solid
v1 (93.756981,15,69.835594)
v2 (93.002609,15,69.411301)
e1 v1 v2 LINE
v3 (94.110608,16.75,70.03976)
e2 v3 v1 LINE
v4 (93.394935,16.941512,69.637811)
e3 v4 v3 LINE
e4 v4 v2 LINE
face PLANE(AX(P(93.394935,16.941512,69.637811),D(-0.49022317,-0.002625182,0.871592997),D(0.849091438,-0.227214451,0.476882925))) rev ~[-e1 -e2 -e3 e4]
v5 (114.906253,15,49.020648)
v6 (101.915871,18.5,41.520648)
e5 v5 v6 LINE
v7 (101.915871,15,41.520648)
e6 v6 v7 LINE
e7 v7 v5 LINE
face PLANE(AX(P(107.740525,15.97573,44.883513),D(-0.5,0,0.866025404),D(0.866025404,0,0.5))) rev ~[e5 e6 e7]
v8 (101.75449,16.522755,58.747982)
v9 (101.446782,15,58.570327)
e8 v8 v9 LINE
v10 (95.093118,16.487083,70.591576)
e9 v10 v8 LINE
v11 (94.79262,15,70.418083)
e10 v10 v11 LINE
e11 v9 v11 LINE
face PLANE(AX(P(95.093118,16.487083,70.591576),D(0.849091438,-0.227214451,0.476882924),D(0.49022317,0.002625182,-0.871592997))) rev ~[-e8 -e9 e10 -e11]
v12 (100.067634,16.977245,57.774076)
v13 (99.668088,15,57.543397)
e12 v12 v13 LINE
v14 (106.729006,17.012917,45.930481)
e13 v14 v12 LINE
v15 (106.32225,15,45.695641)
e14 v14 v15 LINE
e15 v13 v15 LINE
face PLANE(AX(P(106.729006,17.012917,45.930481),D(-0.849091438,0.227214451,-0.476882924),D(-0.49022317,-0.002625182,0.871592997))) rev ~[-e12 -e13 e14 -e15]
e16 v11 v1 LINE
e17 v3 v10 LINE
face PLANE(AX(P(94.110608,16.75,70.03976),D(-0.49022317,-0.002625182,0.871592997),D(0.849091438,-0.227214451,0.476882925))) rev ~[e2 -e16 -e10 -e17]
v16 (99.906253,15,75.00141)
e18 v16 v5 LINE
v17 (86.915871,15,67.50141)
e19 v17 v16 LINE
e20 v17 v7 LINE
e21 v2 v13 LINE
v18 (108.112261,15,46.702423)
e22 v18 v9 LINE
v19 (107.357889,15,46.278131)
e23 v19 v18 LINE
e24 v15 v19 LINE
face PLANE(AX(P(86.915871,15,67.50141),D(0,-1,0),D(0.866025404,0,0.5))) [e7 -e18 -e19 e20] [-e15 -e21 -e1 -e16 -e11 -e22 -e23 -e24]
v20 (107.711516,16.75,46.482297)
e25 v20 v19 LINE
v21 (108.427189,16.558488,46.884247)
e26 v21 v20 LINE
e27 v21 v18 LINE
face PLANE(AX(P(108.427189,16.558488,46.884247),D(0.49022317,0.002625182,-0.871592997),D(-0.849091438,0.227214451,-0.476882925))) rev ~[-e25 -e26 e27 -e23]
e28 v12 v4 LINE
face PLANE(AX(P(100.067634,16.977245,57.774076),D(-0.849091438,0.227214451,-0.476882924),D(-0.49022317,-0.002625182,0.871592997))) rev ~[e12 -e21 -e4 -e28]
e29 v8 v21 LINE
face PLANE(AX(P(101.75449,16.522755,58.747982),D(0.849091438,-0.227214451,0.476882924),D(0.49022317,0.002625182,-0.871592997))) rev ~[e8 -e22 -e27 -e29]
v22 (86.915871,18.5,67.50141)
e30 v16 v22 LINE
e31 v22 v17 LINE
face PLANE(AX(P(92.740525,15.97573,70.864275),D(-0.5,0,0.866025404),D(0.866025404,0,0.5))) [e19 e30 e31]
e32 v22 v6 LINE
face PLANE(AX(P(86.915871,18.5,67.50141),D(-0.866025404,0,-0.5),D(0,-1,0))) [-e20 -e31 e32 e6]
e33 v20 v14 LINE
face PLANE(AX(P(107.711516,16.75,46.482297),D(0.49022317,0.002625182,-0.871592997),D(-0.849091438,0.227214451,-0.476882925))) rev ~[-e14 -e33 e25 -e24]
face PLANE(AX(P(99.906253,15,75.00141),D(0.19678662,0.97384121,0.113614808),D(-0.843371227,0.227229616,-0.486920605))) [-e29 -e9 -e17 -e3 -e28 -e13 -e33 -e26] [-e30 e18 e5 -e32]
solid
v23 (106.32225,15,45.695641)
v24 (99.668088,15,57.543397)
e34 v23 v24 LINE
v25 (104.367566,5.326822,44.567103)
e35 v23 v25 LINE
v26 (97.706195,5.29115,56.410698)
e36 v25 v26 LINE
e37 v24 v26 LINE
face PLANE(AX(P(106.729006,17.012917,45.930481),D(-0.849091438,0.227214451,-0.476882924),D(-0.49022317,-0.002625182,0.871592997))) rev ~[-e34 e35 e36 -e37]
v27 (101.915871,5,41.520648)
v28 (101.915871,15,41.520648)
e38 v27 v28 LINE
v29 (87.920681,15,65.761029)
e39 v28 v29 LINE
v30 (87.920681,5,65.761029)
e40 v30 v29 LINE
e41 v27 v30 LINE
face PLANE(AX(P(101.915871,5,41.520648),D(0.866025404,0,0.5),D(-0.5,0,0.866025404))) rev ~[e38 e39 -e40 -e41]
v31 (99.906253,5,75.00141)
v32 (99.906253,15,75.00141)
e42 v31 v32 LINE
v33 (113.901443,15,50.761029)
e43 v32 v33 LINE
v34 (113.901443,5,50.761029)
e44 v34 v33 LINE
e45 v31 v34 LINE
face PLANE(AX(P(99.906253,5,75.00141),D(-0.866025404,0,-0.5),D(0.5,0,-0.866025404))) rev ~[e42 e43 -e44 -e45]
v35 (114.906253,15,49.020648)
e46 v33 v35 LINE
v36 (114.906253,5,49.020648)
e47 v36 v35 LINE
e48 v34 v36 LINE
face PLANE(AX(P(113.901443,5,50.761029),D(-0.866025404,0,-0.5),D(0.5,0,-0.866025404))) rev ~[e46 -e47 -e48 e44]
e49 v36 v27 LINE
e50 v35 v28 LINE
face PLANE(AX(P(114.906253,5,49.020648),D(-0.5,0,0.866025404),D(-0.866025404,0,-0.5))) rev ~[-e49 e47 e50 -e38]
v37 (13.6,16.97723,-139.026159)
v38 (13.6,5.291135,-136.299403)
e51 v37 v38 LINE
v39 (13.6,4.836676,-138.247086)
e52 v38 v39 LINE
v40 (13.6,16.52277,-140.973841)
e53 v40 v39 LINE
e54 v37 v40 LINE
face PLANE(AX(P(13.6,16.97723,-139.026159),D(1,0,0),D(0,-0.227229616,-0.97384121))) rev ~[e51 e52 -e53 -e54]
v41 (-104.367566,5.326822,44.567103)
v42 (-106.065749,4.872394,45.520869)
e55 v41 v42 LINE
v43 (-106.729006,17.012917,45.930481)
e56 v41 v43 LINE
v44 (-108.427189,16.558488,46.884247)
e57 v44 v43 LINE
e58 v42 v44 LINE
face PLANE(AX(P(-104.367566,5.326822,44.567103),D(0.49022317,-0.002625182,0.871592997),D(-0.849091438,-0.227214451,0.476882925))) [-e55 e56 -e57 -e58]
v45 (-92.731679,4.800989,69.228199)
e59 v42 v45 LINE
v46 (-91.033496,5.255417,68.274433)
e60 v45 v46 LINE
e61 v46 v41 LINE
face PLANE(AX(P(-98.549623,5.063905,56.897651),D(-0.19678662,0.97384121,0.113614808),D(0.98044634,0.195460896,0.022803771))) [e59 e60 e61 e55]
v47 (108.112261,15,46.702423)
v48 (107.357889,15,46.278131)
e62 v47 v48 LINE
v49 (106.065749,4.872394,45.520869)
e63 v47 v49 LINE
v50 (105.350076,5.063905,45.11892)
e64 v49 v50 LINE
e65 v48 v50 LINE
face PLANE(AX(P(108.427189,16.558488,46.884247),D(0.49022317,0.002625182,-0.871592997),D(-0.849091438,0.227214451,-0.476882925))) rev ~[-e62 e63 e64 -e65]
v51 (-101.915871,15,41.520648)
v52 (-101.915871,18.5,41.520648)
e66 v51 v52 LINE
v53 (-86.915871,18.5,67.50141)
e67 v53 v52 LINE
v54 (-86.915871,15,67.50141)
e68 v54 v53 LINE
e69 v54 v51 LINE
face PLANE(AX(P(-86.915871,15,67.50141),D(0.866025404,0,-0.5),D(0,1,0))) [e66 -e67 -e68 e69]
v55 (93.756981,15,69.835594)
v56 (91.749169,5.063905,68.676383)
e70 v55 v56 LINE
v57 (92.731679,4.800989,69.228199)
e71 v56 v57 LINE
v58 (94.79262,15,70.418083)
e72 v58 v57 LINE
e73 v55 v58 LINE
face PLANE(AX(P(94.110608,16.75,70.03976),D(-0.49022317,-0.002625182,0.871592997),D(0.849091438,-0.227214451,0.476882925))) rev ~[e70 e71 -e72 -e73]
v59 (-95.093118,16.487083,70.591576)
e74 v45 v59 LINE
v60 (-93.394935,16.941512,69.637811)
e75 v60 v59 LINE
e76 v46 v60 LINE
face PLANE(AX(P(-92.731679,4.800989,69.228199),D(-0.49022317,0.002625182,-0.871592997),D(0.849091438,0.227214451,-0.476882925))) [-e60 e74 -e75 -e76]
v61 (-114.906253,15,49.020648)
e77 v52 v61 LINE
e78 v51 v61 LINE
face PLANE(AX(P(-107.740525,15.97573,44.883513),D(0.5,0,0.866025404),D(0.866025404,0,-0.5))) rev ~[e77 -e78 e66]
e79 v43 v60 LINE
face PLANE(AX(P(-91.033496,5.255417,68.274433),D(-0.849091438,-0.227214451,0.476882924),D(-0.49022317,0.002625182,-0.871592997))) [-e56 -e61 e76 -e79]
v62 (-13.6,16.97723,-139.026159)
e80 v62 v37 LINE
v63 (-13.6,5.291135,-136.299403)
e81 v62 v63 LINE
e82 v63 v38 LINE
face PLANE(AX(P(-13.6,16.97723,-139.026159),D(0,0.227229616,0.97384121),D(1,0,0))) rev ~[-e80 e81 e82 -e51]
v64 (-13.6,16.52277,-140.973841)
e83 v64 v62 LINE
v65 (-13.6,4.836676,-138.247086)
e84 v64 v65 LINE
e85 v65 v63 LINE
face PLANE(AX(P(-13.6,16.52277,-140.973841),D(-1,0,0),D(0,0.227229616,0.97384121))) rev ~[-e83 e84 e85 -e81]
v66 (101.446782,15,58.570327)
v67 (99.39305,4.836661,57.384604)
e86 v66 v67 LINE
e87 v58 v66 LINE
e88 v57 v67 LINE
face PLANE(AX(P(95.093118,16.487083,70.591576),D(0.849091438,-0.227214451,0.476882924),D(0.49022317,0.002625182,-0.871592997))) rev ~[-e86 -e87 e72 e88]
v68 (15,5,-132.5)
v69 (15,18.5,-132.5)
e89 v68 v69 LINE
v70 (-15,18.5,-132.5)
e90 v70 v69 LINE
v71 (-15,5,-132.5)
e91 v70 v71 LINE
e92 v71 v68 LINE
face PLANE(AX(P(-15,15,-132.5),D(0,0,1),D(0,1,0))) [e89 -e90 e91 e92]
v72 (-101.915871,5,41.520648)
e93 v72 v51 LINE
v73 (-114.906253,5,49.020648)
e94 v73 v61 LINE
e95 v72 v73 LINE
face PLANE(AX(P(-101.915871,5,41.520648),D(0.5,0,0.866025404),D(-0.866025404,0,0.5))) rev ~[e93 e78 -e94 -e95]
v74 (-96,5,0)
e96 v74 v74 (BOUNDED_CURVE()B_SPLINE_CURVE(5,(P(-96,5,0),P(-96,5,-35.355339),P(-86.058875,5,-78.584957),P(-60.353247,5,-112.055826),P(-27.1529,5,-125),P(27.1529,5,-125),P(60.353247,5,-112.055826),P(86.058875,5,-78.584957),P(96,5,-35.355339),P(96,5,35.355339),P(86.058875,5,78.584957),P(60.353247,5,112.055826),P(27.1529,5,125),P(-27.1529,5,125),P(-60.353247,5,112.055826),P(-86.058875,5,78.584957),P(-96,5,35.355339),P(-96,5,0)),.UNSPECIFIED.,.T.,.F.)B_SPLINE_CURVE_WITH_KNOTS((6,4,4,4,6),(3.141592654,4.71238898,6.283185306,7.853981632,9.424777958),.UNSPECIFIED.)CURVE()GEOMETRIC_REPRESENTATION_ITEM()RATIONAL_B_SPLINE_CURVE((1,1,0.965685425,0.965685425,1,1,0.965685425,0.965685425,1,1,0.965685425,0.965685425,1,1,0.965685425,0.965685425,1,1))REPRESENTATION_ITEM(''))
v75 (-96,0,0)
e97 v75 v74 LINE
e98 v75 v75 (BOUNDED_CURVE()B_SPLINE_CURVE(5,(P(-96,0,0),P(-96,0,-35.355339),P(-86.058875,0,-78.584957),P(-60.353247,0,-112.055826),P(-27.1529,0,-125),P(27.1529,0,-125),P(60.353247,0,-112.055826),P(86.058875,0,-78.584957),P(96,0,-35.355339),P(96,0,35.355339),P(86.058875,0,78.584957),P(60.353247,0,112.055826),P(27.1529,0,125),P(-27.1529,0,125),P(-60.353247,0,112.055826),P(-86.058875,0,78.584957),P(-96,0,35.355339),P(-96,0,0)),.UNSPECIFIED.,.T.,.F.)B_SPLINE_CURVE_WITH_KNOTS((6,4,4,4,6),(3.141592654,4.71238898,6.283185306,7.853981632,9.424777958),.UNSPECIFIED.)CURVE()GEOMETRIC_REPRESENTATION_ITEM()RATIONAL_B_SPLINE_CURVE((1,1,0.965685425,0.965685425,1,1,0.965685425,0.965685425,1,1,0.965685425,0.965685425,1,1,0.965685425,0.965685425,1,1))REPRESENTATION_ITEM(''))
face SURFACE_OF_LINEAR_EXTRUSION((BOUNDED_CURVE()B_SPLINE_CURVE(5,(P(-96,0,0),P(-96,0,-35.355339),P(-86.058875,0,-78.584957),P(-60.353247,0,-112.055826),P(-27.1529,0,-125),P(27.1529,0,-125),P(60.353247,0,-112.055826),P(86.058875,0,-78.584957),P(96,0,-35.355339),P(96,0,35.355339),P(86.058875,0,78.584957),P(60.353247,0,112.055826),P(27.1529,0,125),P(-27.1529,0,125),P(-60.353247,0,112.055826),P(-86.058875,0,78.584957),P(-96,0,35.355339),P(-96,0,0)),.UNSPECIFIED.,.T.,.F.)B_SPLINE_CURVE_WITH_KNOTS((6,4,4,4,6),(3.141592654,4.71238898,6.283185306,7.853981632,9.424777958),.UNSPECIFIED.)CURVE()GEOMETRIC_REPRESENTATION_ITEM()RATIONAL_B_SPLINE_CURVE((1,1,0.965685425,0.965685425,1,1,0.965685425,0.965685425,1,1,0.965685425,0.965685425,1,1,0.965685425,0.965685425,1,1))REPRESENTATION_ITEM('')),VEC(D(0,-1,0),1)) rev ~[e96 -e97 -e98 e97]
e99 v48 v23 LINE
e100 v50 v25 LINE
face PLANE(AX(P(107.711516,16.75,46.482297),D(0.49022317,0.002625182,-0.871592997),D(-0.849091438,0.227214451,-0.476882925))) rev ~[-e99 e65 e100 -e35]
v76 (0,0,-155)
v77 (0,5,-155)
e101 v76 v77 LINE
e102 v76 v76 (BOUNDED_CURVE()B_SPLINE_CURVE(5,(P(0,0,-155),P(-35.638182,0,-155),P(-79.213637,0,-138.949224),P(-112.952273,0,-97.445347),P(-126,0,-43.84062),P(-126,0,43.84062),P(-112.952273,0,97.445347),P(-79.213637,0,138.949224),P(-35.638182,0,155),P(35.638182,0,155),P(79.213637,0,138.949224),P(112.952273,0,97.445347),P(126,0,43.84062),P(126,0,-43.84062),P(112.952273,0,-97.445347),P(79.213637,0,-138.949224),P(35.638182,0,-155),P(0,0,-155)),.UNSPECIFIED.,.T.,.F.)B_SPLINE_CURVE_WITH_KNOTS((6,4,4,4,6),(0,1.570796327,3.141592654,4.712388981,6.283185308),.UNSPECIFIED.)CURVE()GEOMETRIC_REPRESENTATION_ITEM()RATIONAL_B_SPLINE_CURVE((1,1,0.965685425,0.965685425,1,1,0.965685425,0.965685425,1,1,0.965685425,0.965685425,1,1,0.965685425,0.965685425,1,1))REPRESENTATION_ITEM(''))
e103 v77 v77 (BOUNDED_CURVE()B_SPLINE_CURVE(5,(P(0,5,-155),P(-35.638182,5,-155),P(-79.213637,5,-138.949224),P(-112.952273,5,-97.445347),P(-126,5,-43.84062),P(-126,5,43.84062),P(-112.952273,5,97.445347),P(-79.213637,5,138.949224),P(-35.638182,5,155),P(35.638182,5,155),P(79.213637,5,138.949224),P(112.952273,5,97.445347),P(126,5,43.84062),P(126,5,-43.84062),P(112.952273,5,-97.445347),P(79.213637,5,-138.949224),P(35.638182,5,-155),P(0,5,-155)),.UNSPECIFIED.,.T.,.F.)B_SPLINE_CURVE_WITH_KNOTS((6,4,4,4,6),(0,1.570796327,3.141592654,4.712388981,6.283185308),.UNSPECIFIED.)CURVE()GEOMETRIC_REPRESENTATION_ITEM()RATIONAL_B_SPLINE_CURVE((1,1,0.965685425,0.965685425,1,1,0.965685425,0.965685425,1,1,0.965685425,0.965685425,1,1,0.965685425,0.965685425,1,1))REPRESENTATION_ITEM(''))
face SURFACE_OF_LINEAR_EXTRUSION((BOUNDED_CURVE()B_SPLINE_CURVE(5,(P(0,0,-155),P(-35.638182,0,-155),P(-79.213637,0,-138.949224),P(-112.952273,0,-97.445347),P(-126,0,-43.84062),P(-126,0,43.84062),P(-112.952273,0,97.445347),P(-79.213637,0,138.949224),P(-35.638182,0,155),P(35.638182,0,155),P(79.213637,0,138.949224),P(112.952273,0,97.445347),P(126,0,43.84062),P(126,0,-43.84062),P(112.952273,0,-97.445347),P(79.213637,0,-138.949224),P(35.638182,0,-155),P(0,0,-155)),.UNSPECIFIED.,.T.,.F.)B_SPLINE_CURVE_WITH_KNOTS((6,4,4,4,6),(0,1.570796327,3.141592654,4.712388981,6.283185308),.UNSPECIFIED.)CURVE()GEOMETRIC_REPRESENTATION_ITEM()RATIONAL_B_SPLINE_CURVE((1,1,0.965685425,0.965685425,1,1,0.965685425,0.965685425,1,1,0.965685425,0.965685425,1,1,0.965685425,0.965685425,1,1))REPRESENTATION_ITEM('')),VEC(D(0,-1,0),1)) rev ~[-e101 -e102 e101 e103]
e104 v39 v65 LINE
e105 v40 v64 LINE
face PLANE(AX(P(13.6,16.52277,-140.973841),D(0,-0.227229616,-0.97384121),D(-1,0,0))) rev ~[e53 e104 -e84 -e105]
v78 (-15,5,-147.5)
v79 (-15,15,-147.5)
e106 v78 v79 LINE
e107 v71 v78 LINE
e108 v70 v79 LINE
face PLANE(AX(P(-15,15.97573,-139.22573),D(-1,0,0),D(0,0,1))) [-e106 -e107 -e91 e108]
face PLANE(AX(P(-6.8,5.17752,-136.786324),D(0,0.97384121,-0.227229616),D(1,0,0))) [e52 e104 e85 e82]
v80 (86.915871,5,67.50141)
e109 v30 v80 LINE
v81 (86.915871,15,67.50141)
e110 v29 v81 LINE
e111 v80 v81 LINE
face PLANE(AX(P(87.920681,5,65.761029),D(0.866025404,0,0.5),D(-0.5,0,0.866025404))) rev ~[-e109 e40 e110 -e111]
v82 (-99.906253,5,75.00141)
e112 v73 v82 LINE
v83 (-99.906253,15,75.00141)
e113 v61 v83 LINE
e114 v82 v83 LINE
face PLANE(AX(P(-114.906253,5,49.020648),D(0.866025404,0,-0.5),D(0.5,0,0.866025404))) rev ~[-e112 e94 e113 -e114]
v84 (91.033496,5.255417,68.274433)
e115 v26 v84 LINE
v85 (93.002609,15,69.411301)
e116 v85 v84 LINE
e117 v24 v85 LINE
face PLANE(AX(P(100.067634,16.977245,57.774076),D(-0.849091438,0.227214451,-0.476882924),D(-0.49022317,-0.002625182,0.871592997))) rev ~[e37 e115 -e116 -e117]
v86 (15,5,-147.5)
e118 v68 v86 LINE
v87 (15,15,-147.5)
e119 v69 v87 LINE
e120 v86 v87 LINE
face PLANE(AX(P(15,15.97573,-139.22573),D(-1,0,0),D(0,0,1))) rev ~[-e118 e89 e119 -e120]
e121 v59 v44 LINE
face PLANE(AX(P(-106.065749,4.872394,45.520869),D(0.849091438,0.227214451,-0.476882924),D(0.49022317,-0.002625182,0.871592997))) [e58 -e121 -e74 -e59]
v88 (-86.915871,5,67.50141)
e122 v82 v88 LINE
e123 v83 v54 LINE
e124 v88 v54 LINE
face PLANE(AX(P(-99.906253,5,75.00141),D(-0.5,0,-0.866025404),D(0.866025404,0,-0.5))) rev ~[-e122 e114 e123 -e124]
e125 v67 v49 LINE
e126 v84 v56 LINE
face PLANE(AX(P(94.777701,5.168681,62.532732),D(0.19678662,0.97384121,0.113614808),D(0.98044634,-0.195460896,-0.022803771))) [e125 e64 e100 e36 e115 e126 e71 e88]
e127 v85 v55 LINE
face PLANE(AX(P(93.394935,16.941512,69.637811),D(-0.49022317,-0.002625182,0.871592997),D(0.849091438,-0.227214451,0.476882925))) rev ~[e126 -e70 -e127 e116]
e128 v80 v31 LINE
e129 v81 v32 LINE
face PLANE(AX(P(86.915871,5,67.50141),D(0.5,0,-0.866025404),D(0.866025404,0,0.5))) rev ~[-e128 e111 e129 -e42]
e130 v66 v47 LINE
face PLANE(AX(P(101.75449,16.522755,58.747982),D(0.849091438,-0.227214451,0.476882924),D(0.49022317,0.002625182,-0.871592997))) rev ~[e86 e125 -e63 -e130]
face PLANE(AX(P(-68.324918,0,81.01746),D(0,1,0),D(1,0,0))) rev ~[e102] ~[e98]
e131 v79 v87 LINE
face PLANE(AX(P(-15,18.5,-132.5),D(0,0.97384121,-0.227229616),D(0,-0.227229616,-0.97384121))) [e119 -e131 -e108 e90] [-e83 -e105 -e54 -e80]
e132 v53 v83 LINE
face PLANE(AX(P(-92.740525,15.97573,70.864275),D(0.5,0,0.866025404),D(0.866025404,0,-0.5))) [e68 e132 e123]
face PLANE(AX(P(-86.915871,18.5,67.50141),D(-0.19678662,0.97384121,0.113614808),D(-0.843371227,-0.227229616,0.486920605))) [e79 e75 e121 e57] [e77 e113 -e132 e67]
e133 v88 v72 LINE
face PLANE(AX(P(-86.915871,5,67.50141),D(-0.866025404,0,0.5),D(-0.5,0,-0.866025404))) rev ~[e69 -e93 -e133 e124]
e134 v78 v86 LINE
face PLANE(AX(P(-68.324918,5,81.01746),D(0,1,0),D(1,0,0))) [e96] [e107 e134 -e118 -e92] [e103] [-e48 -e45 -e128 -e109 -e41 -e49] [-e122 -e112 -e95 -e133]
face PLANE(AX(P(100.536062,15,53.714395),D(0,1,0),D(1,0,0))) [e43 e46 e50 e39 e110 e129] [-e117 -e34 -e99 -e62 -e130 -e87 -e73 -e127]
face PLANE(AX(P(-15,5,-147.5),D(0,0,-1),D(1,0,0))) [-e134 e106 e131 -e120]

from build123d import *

# Parameters (mm, degrees)
BOSS_EXTRUDE1_DEPTH     = 5
SKETCH2_W               = 30
SKETCH2_H               = 15
BOSS_EXTRUDE2_DEPTH     = 10
BOSS_EXTRUDE3_DEPTH     = 30
SKETCH6_W               = 13.6
SKETCH6_H               = 1
CUT_EXTRUDE2_DEPTH      = 12
BOSS_EXTRUDE4_DEPTH     = 10
BOSS_EXTRUDE5_DEPTH     = 30
CUT_EXTRUDE3_DEPTH      = 12
BOSS_EXTRUDE6_DEPTH     = 10
BOSS_EXTRUDE7_DEPTH     = 30
CUT_EXTRUDE4_DEPTH      = 213.980952646
CUT_EXTRUDE4_DEPTH_BACK = 12


with BuildPart() as part:
    # Sketch1 → Boss-Extrude1 (new body)
    with BuildSketch(Plane(origin=(0, 0, 0), x_dir=(1, 0, 0), z_dir=(0, 1, 0))):
        with BuildLine():
            Line((0, -155), (0, -125))
            add(Edge.make_bspline(
                [(-96, 0), (-96, -125), (0, -125)],
                knots=[4.71238898, 4.71238898, 4.71238898, 6.283185307, 6.283185307, 6.283185307], degree=2, weights=[1, 0.707106781, 1]))
            Line((-96, 0), (-126, 0))
            add(Edge.make_bspline(
                [(-126, 0), (-126, -155), (0, -155)],
                knots=[1.570796327, 1.570796327, 1.570796327, 3.141592654, 3.141592654, 3.141592654], degree=2, weights=[1, 0.707106781, 1]))
        make_face()
        with BuildLine():
            add(Edge.make_bspline(
                [(0, -125), (96, -125), (96, 0)],
                knots=[0, 0, 0, 1.570796327, 1.570796327, 1.570796327], degree=2, weights=[1, 0.707106781, 1]))
            Line((0, -125), (0, -155))
            add(Edge.make_bspline(
                [(0, -155), (126, -155), (126, 0)],
                knots=[3.141592654, 3.141592654, 3.141592654, 4.71238898, 4.71238898, 4.71238898], degree=2, weights=[1, 0.707106781, 1]))
            Line((126, 0), (96, 0))
        make_face()
        with BuildLine():
            Line((0, 155), (0, 125))
            add(Edge.make_bspline(
                [(96, 0), (96, 125), (0, 125)],
                knots=[1.570796327, 1.570796327, 1.570796327, 3.141592654, 3.141592654, 3.141592654], degree=2, weights=[1, 0.707106781, 1]))
            Line((96, 0), (126, 0))
            add(Edge.make_bspline(
                [(126, 0), (126, 155), (0, 155)],
                knots=[4.71238898, 4.71238898, 4.71238898, 6.283185307, 6.283185307, 6.283185307], degree=2, weights=[1, 0.707106781, 1]))
        make_face()
        with BuildLine():
            add(Edge.make_bspline(
                [(0, 125), (-96, 125), (-96, 0)],
                knots=[3.141592654, 3.141592654, 3.141592654, 4.71238898, 4.71238898, 4.71238898], degree=2, weights=[1, 0.707106781, 1]))
            Line((0, 125), (0, 155))
            add(Edge.make_bspline(
                [(0, 155), (-126, 155), (-126, 0)],
                knots=[0, 0, 0, 1.570796327, 1.570796327, 1.570796327], degree=2, weights=[1, 0.707106781, 1]))
            Line((-126, 0), (-96, 0))
        make_face()
    extrude(amount=BOSS_EXTRUDE1_DEPTH)

    # Sketch2 → Boss-Extrude2 (add)
    with BuildSketch(Plane(origin=(0, 5, 0), x_dir=(1, 0, 0), z_dir=(0, 1, 0))):
        with Locations((0, 140)):
            Rectangle(SKETCH2_W, SKETCH2_H)
    extrude(amount=BOSS_EXTRUDE2_DEPTH)

    # Sketch5 → Boss-Extrude3 (add)
    with BuildSketch(Plane.ZY.offset(15)):
        Polygon((-147.5, 15), (-132.5, 15), (-132.5, 18.5), align=None)
    extrude(amount=-BOSS_EXTRUDE3_DEPTH)

    # Sketch6 → Cut-Extrude2 (cut)
    with BuildSketch(Plane(origin=(0, 46.86512118, -10.935194942), x_dir=(1, 0, 0), z_dir=(0, 0.9738412097417932, -0.22722961560641866))):
        with Locations((-6.8, 132.031673302)):
            Rectangle(SKETCH6_W, SKETCH6_H)
        with Locations((-6.8, 133.031673302)):
            Rectangle(SKETCH6_W, SKETCH6_H)
        with Locations((6.8, 132.031673302)):
            Rectangle(SKETCH6_W, SKETCH6_H)
        with Locations((6.8, 133.031673302)):
            Rectangle(SKETCH6_W, SKETCH6_H)
    extrude(amount=-CUT_EXTRUDE2_DEPTH, mode=Mode.SUBTRACT)

    # Sketch8 → Boss-Extrude4 (add)
    with BuildSketch(Plane(origin=(0, 5, 0), x_dir=(1, 0, 0), z_dir=(0, 1, 0))):
        Polygon((87.920680945, -65.761028811), (113.901443058, -50.761028811), (114.90625253, -49.020647754), (101.915871473, -41.520647754), align=None)
        Polygon((99.90625253, -75.001409868), (113.901443058, -50.761028811), (87.920680945, -65.761028811), (86.915871473, -67.501409868), align=None)
    extrude(amount=BOSS_EXTRUDE4_DEPTH)


with BuildPart() as body_2:
    # Sketch9 → Boss-Extrude5 (new body)
    with BuildSketch(Plane(origin=(-7.5, 0, 12.990381057), x_dir=(0.8660254037844436, 0, 0.49999999999999156), z_dir=(-0.4999999999999915, 0, 0.8660254037844435))):
        Polygon((109.022057622, 15), (124.022057622, 15), (109.022057622, 18.5), align=None)
    extrude(amount=-BOSS_EXTRUDE5_DEPTH)


with BuildPart() as cut_extrude3_tool:
    # Sketch11 → Cut-Extrude3 (new body)
    with BuildSketch(Plane(origin=(8.420322862, 41.669791465, 4.861475671), x_dir=(0.9804463403692827, -0.19546089552154577, -0.022803771144179908), z_dir=(0.19678661960733193, 0.9738412097417933, 0.11361480780320707))):
        Polygon((94.335340275, -55.927530645), (93.475091752, -55.417524793), (86.669314871, -67.205476137), (87.399260686, -67.62691055), align=None)
        Polygon((100.269314871, -43.649585154), (93.475091752, -55.417524793), (94.335340275, -55.927530645), (101.271419863, -44.228150741), align=None)
        Polygon((101.271419863, -44.228150741), (94.335340275, -55.927530645), (95.195588797, -56.437536498), (102.001365678, -44.649585154), align=None)
        Polygon((95.195588797, -56.437536498), (94.335340275, -55.927530645), (87.399260686, -67.62691055), (88.401365678, -68.205476137), align=None)
    extrude(amount=-CUT_EXTRUDE3_DEPTH)


with BuildPart() as part_1:
    add(part.part)

    # Cut-Extrude3: cut by cut_extrude3_tool
    add(cut_extrude3_tool.part, mode=Mode.SUBTRACT)

    # Sketch12 → Boss-Extrude6 (add)
    with BuildSketch(Plane(origin=(0, 5, 0), x_dir=(1, 0, 0), z_dir=(0, 1, 0))):
        Polygon((-107.40625253, -62.011028811), (-94.415871473, -54.511028811), (-101.915871473, -41.520647754), (-114.90625253, -49.020647754), align=None)
        Polygon((-86.915871473, -67.501409868), (-94.415871473, -54.511028811), (-107.40625253, -62.011028811), (-99.90625253, -75.001409868), align=None)
    extrude(amount=BOSS_EXTRUDE6_DEPTH)

    # Sketch13 → Boss-Extrude7 (add)
    with BuildSketch(Plane(origin=(7.5, 0, 12.990381057), x_dir=(0.8660254037844365, 0, -0.5000000000000039), z_dir=(0.5000000000000038, 0, 0.8660254037844364))):
        Polygon((-124.022057622, 15), (-109.022057622, 15), (-109.022057622, 18.5), align=None)
    extrude(amount=-BOSS_EXTRUDE7_DEPTH)

    # Sketch14 → Cut-Extrude4 (cut, two sides: drawn at the far end of the back side and taken through both)
    with BuildSketch(Plane(origin=(-8.420322862, 41.669791465, 4.861475671), x_dir=(0.9804463403692829, 0.19546089552154455, 0.022803771144180363), z_dir=(-0.19678661960733076, 0.9738412097417933, 0.11361480780321004)).offset(-CUT_EXTRUDE4_DEPTH_BACK)):
        Polygon((-86.669314871, -67.205476137), (-100.269314871, -43.649585154), (-102.001365678, -44.649585154), (-88.401365678, -68.205476137), align=None)
    extrude(amount=CUT_EXTRUDE4_DEPTH + CUT_EXTRUDE4_DEPTH_BACK, mode=Mode.SUBTRACT)


with BuildPart() as body_2_1:
    add(body_2.part)

    # Cut-Extrude3: cut by cut_extrude3_tool
    add(cut_extrude3_tool.part, mode=Mode.SUBTRACT)


solid = Compound([part_1.part, body_2_1.part])
